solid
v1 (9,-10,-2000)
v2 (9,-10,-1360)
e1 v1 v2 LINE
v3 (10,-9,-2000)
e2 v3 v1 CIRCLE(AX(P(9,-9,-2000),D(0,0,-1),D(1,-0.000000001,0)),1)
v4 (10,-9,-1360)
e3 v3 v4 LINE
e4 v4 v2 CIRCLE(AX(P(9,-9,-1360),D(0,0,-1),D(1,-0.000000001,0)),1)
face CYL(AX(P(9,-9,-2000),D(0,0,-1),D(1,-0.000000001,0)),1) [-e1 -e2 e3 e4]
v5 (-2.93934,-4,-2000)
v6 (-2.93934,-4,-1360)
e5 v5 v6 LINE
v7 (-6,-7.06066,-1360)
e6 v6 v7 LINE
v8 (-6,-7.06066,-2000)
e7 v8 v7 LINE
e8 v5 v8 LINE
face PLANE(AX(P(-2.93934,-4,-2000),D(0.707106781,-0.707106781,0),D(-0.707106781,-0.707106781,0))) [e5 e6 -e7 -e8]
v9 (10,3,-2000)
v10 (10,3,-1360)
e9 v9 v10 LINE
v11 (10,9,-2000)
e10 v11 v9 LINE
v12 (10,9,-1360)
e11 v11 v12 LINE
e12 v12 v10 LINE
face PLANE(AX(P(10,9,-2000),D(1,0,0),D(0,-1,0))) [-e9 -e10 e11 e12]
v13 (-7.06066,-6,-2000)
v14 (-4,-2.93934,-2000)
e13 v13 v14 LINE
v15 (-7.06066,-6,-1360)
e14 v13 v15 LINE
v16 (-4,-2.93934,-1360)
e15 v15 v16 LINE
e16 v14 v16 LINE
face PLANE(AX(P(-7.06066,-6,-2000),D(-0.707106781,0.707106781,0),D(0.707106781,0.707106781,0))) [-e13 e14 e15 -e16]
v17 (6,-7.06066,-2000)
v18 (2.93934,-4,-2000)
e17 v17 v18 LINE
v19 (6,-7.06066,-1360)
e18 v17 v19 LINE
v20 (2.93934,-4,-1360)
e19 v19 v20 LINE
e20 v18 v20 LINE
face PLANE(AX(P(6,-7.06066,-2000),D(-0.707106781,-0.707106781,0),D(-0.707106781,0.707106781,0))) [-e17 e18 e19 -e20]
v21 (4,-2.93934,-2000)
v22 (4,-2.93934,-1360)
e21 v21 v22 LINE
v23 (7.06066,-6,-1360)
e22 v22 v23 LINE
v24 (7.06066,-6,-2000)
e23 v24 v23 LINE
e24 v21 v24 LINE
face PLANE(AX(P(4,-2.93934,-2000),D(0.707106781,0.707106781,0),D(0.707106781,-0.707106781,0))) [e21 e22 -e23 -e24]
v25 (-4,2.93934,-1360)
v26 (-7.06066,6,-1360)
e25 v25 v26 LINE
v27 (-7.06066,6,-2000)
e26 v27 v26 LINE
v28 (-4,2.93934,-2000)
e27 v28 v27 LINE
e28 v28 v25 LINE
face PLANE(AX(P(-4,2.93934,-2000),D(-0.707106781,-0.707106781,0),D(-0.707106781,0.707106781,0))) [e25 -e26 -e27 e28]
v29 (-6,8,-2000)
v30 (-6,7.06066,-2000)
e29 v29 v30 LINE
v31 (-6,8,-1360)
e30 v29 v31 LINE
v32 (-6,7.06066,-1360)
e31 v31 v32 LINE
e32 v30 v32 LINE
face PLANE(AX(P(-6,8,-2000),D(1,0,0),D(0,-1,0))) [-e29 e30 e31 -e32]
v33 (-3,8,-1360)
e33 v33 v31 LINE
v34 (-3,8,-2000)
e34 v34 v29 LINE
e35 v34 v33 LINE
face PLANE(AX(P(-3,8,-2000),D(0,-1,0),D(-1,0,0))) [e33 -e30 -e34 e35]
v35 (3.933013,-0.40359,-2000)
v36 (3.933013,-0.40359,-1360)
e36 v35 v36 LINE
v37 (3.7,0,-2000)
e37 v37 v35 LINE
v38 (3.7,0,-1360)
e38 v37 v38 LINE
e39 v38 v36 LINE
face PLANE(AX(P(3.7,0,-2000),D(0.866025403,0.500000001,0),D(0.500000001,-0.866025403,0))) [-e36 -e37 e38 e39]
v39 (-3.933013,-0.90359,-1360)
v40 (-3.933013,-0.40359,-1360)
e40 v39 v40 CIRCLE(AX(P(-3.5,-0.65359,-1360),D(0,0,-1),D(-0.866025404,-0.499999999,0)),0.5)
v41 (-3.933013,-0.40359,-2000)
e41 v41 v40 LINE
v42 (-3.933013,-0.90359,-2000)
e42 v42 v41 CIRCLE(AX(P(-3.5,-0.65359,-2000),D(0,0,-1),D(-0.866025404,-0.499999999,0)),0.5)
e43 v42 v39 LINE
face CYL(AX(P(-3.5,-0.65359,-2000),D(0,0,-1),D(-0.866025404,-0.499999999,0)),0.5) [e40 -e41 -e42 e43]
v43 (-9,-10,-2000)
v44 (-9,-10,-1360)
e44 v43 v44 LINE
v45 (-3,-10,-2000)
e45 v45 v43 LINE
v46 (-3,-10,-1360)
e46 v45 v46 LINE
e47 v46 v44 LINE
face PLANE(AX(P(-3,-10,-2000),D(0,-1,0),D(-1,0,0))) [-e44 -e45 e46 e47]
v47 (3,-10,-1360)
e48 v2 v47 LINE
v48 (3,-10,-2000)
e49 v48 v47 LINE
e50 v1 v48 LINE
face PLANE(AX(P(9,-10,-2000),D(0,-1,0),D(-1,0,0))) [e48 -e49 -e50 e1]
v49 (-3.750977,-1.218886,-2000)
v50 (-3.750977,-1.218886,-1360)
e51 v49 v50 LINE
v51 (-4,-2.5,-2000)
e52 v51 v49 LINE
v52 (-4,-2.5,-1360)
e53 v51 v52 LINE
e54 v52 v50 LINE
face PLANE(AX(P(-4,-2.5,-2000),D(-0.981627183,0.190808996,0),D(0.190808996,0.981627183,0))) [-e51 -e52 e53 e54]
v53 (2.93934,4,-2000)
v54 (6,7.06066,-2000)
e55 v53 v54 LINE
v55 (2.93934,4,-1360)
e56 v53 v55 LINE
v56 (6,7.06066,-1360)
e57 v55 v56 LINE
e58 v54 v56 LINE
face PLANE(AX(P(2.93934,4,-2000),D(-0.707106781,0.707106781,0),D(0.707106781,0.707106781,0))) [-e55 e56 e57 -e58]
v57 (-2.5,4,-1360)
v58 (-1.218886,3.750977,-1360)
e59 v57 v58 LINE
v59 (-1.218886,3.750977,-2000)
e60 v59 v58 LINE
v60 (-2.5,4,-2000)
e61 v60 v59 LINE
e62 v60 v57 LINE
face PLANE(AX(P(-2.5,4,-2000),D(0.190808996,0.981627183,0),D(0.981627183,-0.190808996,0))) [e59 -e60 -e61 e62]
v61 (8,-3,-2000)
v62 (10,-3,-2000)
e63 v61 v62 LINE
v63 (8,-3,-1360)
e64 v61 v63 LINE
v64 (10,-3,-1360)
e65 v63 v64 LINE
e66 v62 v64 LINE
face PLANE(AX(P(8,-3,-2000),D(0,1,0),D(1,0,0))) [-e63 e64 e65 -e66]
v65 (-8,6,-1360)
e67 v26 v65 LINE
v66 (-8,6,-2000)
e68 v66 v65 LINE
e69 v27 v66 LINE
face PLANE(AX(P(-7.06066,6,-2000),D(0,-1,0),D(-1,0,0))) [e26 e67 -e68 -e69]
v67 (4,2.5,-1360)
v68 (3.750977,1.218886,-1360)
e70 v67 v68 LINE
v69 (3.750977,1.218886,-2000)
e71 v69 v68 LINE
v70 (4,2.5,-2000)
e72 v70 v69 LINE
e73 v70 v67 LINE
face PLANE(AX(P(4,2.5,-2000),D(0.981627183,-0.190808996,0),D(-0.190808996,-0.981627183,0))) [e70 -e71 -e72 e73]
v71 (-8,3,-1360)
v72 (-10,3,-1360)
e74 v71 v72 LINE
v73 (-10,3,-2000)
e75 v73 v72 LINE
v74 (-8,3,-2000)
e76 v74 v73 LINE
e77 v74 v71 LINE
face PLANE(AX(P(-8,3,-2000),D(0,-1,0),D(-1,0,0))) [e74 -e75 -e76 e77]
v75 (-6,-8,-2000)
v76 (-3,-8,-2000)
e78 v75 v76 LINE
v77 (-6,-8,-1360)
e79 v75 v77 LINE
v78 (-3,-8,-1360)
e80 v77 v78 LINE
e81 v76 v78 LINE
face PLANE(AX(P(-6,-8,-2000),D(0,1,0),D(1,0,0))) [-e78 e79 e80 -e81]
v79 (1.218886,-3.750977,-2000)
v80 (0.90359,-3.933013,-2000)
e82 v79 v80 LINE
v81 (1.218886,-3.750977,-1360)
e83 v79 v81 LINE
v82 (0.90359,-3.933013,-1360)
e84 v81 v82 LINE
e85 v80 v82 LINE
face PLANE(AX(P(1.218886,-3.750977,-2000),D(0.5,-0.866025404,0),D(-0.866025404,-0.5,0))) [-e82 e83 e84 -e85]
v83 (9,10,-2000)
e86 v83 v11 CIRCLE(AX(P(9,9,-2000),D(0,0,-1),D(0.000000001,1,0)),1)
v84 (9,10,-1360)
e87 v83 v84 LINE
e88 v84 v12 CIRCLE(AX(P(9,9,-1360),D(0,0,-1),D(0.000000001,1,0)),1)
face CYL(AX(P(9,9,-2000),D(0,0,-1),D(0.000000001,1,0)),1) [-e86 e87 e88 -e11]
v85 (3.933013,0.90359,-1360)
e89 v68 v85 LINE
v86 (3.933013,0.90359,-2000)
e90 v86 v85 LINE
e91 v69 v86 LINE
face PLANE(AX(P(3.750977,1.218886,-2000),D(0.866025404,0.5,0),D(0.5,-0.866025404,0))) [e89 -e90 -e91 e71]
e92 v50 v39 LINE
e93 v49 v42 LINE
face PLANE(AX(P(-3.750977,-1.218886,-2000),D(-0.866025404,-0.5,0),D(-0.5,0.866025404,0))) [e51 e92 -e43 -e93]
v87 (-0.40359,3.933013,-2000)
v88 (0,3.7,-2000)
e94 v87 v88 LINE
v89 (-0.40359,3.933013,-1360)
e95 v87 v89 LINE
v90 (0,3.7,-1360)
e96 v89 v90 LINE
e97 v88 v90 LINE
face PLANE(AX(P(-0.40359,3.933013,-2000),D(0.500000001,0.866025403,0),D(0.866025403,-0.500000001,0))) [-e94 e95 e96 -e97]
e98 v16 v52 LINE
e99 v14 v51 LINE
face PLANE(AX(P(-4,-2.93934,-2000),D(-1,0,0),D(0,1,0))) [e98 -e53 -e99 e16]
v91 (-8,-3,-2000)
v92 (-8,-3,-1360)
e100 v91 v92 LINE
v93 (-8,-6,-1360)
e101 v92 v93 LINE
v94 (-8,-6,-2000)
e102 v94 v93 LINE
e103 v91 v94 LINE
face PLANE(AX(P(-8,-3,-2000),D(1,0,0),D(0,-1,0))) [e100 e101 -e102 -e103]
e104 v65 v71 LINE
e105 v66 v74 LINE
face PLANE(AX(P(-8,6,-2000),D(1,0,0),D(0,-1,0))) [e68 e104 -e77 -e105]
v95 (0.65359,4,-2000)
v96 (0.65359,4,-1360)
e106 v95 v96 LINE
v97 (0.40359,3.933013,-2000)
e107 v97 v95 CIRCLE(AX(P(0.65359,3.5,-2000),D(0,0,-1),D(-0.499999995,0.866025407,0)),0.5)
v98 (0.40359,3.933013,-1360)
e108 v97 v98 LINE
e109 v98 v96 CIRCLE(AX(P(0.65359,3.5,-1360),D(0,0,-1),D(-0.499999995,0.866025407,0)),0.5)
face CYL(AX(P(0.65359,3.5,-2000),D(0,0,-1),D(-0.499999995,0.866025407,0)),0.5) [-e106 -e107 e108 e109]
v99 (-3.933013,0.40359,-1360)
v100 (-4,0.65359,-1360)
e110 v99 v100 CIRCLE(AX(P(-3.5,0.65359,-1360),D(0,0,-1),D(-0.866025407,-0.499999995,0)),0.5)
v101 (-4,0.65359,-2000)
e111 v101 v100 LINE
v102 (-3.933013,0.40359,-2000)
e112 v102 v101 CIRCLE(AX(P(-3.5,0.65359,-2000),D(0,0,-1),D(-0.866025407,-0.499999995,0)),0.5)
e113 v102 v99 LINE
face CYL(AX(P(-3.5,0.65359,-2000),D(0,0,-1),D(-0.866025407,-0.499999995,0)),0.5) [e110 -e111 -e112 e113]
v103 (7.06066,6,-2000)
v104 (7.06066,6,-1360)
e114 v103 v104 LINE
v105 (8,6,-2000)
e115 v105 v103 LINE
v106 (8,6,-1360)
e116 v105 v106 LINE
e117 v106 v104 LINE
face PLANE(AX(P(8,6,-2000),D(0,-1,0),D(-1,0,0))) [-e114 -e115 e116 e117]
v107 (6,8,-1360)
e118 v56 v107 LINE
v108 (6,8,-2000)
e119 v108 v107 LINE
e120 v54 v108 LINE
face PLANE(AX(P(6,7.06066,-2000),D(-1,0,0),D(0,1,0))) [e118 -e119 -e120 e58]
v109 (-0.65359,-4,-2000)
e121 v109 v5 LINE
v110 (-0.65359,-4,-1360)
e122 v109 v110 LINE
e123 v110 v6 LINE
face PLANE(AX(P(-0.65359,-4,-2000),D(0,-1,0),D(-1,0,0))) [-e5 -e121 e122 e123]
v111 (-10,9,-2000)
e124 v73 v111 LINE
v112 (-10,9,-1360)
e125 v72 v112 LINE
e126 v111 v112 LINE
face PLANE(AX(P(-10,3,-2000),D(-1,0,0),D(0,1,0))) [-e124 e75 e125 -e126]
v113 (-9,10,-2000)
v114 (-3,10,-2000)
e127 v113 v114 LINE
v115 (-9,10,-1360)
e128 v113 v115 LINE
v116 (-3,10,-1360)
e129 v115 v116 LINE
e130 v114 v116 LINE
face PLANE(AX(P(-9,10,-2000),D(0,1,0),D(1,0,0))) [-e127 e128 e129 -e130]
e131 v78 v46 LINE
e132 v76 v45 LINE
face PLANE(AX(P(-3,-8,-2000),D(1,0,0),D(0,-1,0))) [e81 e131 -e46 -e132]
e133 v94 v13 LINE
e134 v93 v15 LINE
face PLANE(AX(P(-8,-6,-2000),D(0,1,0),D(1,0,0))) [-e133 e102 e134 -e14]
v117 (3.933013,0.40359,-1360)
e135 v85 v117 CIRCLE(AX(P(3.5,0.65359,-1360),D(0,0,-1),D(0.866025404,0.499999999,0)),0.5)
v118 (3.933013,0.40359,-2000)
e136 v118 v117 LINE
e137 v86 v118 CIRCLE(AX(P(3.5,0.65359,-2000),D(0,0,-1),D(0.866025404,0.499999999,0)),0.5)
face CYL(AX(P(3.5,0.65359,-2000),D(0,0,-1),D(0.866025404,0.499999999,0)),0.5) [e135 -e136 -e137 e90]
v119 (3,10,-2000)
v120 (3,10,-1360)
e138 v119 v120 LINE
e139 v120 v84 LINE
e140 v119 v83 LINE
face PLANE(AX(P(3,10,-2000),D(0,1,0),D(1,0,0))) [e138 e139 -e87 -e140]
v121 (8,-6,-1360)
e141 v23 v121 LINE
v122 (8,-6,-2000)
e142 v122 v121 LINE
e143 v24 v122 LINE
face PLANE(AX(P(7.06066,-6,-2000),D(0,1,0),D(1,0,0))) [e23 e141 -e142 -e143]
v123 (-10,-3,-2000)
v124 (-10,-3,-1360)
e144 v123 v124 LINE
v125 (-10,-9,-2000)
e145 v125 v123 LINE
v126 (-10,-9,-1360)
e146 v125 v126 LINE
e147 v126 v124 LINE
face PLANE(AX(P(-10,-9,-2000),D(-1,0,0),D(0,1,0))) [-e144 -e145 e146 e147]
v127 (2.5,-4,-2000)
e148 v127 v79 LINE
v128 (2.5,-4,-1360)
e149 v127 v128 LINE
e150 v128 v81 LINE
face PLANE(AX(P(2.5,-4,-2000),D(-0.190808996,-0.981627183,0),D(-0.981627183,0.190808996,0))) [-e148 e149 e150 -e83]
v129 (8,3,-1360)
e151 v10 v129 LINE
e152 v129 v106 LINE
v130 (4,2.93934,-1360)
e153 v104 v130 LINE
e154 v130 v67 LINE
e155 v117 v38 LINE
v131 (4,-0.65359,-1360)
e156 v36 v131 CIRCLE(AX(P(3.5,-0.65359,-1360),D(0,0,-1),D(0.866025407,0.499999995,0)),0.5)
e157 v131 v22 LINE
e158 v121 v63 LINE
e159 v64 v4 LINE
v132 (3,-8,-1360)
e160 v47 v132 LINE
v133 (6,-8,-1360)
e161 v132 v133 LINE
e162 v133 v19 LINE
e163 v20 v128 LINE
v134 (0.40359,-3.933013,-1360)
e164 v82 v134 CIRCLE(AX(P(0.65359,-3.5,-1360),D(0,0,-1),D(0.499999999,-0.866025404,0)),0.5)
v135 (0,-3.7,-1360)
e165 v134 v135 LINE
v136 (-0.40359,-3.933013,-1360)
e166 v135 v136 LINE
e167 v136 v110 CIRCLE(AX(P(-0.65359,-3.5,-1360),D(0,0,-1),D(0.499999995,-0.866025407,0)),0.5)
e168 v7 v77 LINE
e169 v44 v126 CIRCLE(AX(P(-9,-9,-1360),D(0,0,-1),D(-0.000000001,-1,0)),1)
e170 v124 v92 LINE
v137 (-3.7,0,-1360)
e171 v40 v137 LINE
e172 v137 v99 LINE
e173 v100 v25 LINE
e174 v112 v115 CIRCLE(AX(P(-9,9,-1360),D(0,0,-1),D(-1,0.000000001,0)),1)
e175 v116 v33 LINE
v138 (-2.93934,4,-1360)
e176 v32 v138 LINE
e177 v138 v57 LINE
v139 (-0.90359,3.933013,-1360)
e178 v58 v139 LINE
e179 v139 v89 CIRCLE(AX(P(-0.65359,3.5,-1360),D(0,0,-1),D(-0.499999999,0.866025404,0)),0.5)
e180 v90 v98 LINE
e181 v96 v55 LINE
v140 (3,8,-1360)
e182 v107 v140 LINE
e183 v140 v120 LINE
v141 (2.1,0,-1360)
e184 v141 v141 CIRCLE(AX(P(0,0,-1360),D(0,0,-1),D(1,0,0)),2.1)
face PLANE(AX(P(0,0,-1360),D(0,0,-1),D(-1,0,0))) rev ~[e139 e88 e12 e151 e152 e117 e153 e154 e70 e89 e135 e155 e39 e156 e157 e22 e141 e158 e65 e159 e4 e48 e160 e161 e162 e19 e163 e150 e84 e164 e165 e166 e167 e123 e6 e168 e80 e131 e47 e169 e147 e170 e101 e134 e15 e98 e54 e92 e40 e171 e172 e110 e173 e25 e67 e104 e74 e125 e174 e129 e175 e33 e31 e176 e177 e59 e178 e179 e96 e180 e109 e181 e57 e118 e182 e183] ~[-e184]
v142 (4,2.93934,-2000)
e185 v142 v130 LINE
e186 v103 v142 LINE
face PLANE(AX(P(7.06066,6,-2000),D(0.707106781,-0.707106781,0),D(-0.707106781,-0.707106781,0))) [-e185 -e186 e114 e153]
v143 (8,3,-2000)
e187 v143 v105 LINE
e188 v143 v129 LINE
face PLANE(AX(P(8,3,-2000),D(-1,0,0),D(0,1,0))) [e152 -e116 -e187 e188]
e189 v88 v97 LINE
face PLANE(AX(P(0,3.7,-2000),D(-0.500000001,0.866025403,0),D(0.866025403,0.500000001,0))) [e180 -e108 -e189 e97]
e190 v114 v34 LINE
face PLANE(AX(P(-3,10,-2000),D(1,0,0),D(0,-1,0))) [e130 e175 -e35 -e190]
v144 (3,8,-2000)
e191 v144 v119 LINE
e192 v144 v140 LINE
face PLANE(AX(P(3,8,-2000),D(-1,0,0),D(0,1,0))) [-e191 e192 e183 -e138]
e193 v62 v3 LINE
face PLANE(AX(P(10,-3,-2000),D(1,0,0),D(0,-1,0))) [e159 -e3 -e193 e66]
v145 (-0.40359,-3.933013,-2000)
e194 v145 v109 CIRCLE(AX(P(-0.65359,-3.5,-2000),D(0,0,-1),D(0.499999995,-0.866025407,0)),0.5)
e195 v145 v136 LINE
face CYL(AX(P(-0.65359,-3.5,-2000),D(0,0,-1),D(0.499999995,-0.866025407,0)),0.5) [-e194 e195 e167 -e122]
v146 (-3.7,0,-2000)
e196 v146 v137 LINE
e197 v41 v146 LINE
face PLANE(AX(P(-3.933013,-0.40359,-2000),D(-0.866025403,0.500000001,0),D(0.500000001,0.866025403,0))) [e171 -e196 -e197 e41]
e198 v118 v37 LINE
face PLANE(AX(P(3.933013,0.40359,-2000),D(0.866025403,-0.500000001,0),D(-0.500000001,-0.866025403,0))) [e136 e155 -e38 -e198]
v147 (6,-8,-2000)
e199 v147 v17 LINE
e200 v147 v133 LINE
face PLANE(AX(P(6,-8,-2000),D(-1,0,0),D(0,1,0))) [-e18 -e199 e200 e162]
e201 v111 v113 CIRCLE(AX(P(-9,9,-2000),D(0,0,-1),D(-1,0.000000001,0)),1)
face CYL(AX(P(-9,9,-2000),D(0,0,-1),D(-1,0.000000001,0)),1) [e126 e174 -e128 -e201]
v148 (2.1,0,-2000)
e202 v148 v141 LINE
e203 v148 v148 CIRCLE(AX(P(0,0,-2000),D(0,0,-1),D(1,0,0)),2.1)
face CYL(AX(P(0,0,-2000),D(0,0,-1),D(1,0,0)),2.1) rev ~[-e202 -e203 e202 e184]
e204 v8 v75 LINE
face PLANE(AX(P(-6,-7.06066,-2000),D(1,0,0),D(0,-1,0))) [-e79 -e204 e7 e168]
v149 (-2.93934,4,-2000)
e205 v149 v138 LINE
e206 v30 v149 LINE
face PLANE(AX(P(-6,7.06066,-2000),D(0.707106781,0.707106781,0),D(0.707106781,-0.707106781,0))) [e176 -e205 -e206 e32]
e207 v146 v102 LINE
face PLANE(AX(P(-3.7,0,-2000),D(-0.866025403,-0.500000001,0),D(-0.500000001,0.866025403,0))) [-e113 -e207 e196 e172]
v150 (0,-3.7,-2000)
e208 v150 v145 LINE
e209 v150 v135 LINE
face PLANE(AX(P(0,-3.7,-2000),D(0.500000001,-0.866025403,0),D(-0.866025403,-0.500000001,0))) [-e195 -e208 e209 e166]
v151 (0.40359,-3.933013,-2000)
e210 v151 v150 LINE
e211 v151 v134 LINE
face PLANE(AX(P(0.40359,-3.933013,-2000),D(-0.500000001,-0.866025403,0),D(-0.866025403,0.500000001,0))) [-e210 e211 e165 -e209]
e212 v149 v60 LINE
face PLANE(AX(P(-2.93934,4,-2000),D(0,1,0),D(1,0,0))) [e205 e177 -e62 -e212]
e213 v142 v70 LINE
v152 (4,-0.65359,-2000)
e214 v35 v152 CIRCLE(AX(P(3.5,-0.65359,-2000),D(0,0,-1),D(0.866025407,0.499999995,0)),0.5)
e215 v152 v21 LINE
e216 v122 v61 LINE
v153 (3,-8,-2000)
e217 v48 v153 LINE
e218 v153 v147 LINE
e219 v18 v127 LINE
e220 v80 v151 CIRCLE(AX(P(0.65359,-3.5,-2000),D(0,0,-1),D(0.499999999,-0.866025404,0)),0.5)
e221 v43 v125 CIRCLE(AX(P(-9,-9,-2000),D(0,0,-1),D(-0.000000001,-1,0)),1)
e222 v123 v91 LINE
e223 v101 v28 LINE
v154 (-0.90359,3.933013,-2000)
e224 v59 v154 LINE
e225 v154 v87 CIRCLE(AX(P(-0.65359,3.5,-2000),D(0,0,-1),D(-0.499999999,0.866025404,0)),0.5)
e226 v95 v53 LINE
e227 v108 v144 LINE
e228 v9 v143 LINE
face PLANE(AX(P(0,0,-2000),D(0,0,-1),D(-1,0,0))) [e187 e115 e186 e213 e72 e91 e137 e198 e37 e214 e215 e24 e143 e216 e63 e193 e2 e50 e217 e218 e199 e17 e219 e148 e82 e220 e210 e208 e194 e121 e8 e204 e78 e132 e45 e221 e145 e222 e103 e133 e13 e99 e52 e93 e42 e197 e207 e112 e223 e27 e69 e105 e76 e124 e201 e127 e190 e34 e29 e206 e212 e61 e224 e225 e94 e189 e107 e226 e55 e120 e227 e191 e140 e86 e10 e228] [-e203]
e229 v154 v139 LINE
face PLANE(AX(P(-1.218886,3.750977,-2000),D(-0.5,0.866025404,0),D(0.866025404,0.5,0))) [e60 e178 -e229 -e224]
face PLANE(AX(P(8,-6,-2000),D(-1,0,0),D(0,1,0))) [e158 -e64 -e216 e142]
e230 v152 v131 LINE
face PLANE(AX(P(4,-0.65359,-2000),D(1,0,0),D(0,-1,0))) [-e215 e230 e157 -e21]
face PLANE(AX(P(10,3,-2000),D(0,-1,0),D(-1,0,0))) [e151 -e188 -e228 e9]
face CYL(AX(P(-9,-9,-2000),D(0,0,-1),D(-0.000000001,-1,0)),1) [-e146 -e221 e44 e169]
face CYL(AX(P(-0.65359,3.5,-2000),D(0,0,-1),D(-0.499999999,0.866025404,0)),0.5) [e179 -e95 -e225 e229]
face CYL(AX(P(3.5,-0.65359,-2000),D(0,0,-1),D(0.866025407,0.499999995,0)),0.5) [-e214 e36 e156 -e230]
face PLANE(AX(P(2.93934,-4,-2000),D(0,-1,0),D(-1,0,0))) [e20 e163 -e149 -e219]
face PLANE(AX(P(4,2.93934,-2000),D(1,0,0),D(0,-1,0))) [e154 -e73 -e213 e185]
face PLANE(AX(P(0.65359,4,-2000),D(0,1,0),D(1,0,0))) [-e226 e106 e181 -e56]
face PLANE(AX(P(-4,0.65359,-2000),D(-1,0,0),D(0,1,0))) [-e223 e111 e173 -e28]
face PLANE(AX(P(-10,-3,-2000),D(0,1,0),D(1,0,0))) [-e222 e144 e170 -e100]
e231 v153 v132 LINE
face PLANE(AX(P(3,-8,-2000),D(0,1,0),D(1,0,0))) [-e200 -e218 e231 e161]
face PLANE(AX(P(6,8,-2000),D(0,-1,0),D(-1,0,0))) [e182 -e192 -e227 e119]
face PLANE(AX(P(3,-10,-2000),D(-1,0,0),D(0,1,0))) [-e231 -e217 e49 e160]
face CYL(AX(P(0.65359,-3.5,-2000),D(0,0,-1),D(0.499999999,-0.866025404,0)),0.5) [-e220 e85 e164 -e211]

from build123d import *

# Parameters (mm, degrees)
SKETCH1_R           = 2.1
BOSS_EXTRUDE1_DEPTH = 640


with BuildPart() as part:
    # Sketch1 → Boss-Extrude1 (new body)
    with BuildSketch(Plane(origin=(0, 0, -2000), x_dir=(-1, 0, 0), z_dir=(0, 0, -1))):
        with BuildLine():
            Line((10, -3), (8, -3))
            Line((8, -3), (8, -6))
            Line((8, -6), (7.060660172, -6))
            Line((7.060660172, -6), (4, -2.939339828))
            Line((4, -2.939339828), (4, -2.5))
            Line((4, -2.5), (3.750976592, -1.218885629))
            Line((3.750976592, -1.218885629), (3.933012702, -0.903589838))
            ThreePointArc((3.933012702, -0.903589838), (4, -0.653589838), (3.933012702, -0.403589838))
            Line((3.933012702, -0.403589838), (3.7, 0))
            Line((3.7, 0), (3.933012702, 0.403589838))
            ThreePointArc((3.933012702, 0.403589838), (3.982962913, 0.524180316), (4, 0.653589838))
            Line((4, 0.653589838), (4, 2.939339828))
            Line((4, 2.939339828), (7.060660172, 6))
            Line((7.060660172, 6), (8, 6))
            Line((8, 6), (8, 3))
            Line((8, 3), (10, 3))
            Line((10, 3), (10, 9))
            ThreePointArc((10, 9), (9.707106781, 9.707106781), (9, 10))
            Line((9, 10), (3, 10))
            Line((3, 10), (3, 8))
            Line((3, 8), (6, 8))
            Line((6, 8), (6, 7.060660172))
            Line((6, 7.060660172), (2.939339828, 4))
            Line((2.939339828, 4), (2.5, 4))
            Line((2.5, 4), (1.218885629, 3.750976592))
            Line((1.218885629, 3.750976592), (0.903589838, 3.933012702))
            ThreePointArc((0.903589838, 3.933012702), (0.653589838, 4), (0.403589838, 3.933012702))
            Line((0.403589838, 3.933012702), (0, 3.7))
            Line((0, 3.7), (-0.403589838, 3.933012702))
            ThreePointArc((-0.403589838, 3.933012702), (-0.524180316, 3.982962913), (-0.653589838, 4))
            Line((-0.653589838, 4), (-2.939339828, 4))
            Line((-2.939339828, 4), (-6, 7.060660172))
            Line((-6, 7.060660172), (-6, 8))
            Line((-6, 8), (-3, 8))
            Line((-3, 8), (-3, 10))
            Line((-3, 10), (-9, 10))
            ThreePointArc((-9, 10), (-9.707106781, 9.707106781), (-10, 9))
            Line((-10, 9), (-10, 3))
            Line((-10, 3), (-8, 3))
            Line((-8, 3), (-8, 6))
            Line((-8, 6), (-7.060660172, 6))
            Line((-7.060660172, 6), (-4, 2.939339828))
            Line((-4, 2.939339828), (-4, 2.5))
            Line((-4, 2.5), (-3.750976592, 1.218885629))
            Line((-3.750976592, 1.218885629), (-3.933012702, 0.903589838))
            ThreePointArc((-3.933012702, 0.903589838), (-4, 0.653589838), (-3.933012702, 0.403589838))
            Line((-3.933012702, 0.403589838), (-3.7, 0))
            Line((-3.7, 0), (-3.933012702, -0.403589838))
            ThreePointArc((-3.933012702, -0.403589838), (-3.982962913, -0.524180316), (-4, -0.653589838))
            Line((-4, -0.653589838), (-4, -2.939339828))
            Line((-4, -2.939339828), (-7.060660172, -6))
            Line((-7.060660172, -6), (-8, -6))
            Line((-8, -6), (-8, -3))
            Line((-8, -3), (-10, -3))
            Line((-10, -3), (-10, -9))
            ThreePointArc((-10, -9), (-9.707106781, -9.707106781), (-9, -10))
            Line((-9, -10), (-3, -10))
            Line((-3, -10), (-3, -8))
            Line((-3, -8), (-6, -8))
            Line((-6, -8), (-6, -7.060660172))
            Line((-6, -7.060660172), (-2.939339828, -4))
            Line((-2.939339828, -4), (-2.5, -4))
            Line((-2.5, -4), (-1.218885629, -3.750976592))
            Line((-1.218885629, -3.750976592), (-0.903589838, -3.933012702))
            ThreePointArc((-0.903589838, -3.933012702), (-0.653589838, -4), (-0.403589838, -3.933012702))
            Line((-0.403589838, -3.933012702), (0, -3.7))
            Line((0, -3.7), (0.403589838, -3.933012702))
            ThreePointArc((0.403589838, -3.933012702), (0.524180316, -3.982962913), (0.653589838, -4))
            Line((0.653589838, -4), (2.939339828, -4))
            Line((2.939339828, -4), (6, -7.060660172))
            Line((6, -7.060660172), (6, -8))
            Line((6, -8), (3, -8))
            Line((3, -8), (3, -10))
            Line((3, -10), (9, -10))
            ThreePointArc((9, -10), (9.707106781, -9.707106781), (10, -9))
            Line((10, -9), (10, -3))
        make_face()
        with Locations(Location((0, 0, 0), (0, 0, 180))):
            Circle(SKETCH1_R, mode=Mode.SUBTRACT)
    extrude(amount=-BOSS_EXTRUDE1_DEPTH)


solid = part.part
